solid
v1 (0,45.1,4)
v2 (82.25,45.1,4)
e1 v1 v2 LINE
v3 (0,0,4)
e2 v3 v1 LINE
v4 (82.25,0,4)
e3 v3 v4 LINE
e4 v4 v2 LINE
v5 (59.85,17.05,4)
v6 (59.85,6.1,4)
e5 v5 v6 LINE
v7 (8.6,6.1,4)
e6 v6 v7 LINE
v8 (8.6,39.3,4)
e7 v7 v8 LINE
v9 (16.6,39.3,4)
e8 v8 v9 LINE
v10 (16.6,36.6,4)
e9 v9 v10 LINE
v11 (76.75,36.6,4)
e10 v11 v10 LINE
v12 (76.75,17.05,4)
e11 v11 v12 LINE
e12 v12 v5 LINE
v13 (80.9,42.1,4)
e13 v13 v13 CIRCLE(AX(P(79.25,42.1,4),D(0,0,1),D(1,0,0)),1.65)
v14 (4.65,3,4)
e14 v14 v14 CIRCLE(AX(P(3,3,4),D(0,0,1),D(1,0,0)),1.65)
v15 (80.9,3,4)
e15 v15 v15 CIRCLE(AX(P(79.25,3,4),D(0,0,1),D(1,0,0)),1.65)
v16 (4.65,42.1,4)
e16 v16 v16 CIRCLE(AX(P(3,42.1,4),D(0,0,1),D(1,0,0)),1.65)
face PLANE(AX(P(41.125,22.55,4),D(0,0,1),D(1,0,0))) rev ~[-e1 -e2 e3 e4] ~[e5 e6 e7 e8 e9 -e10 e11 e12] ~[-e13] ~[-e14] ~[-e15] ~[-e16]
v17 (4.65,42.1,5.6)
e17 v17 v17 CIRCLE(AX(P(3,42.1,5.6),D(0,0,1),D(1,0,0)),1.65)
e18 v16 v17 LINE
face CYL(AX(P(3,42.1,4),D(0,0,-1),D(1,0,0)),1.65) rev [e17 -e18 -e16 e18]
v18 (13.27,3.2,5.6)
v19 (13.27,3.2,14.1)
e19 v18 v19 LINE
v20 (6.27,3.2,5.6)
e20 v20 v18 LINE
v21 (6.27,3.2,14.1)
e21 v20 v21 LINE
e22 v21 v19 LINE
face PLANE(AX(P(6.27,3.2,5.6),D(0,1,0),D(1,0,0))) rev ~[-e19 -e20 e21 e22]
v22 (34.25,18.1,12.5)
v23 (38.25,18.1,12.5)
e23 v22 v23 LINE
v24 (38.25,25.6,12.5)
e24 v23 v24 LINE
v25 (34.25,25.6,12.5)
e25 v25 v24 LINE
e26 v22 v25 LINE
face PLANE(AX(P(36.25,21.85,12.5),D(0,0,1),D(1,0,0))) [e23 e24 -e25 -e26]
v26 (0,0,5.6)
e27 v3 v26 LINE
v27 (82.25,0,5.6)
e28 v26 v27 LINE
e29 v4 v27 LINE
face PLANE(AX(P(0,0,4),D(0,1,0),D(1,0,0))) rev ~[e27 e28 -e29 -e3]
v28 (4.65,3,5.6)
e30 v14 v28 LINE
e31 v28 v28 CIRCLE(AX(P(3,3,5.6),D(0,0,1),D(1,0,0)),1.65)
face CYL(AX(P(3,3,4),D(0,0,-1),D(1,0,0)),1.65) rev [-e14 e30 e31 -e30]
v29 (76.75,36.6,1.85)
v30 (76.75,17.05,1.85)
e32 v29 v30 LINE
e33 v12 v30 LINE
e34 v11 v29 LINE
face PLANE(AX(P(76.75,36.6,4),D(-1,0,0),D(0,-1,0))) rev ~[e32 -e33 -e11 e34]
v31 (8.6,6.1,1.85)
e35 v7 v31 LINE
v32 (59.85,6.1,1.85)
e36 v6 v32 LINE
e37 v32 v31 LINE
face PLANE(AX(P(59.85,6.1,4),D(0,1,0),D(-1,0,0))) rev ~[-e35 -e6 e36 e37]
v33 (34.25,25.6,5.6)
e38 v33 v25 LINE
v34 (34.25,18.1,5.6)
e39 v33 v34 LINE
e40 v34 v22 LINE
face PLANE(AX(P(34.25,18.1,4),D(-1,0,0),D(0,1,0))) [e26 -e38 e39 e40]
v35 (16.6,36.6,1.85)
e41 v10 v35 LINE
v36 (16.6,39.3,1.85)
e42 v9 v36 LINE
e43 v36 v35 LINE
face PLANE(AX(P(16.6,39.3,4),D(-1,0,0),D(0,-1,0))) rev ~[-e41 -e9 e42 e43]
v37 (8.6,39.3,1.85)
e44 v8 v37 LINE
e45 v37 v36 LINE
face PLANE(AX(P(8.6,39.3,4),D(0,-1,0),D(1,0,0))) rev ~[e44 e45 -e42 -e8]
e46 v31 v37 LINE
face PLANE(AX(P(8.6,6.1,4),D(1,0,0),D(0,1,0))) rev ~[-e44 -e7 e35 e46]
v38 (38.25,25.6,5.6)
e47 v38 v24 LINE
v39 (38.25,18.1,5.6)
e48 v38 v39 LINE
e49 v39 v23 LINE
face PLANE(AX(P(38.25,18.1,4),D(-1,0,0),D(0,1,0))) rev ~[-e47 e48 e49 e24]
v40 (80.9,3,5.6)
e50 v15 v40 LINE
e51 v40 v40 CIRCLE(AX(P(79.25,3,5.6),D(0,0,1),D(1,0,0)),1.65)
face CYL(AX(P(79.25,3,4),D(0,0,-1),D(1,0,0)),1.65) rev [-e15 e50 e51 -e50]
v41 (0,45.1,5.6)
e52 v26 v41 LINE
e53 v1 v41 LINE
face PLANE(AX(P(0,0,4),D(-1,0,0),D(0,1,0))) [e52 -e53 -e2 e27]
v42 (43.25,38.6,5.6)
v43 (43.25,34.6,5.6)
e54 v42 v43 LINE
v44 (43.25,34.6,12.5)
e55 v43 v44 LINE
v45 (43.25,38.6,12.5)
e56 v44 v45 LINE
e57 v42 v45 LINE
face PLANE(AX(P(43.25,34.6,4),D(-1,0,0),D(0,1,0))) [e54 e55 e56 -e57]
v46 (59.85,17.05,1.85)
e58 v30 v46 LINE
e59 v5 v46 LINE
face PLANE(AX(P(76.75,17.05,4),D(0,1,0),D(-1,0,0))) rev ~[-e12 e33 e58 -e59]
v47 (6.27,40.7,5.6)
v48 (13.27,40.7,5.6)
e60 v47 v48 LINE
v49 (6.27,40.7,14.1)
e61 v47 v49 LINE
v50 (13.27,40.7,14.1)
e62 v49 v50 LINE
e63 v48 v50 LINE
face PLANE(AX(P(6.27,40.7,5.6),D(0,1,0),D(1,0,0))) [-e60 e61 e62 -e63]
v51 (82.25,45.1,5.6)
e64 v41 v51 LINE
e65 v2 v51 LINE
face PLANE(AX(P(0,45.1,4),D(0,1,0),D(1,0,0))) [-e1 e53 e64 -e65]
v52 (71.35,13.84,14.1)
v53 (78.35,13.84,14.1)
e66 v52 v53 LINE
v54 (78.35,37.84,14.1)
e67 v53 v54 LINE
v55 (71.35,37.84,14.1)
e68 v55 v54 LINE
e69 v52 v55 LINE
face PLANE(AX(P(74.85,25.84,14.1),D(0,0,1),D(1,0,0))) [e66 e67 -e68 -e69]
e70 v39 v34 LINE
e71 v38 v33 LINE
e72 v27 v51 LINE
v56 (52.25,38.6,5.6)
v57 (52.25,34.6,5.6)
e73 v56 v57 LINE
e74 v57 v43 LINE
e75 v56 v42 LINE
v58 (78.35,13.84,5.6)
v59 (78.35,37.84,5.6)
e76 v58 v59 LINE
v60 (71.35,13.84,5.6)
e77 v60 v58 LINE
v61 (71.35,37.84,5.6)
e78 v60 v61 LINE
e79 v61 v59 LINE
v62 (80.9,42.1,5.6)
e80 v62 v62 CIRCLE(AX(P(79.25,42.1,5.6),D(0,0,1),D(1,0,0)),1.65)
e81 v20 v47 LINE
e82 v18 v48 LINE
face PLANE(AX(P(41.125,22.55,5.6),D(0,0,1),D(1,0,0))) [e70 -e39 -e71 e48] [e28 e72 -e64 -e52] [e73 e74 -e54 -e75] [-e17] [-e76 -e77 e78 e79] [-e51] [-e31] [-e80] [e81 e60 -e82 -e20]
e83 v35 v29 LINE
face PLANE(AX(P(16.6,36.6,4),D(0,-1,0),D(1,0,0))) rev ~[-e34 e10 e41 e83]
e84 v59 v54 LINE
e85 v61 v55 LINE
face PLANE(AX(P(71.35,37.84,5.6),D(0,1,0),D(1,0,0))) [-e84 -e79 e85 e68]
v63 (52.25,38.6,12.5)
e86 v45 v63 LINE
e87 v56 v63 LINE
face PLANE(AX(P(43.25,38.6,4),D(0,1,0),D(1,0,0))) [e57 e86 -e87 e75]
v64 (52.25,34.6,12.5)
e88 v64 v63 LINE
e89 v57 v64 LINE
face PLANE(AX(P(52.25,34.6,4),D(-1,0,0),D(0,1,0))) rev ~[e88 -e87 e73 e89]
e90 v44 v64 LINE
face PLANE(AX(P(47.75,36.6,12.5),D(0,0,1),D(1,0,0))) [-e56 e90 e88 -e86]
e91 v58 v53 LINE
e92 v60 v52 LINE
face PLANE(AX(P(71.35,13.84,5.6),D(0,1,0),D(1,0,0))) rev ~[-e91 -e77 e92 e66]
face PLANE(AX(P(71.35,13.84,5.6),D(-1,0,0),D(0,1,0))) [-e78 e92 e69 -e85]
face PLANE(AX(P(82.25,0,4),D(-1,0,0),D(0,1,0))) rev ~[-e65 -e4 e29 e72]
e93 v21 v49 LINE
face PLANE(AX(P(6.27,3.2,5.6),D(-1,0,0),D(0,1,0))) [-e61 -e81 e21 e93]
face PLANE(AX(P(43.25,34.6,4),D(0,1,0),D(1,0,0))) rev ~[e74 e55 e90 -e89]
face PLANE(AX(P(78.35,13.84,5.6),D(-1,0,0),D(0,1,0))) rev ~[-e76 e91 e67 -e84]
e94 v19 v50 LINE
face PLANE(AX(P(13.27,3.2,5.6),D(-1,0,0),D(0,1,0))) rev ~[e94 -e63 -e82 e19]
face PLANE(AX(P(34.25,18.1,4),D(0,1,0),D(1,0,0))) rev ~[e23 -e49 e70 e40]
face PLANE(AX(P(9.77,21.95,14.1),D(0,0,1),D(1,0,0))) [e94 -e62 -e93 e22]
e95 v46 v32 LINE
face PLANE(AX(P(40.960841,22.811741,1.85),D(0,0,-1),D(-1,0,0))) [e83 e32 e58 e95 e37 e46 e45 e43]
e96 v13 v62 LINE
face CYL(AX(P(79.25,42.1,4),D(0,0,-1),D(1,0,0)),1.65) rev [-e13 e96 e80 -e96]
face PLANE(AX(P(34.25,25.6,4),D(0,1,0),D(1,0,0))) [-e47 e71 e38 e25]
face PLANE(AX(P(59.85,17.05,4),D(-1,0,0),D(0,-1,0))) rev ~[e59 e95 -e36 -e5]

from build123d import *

# Parameters (mm, degrees)
EXTRUDE002_DEPTH = 2.15
SKETCH002_W      = 82.25
SKETCH002_H      = 45.1
SKETCH002_R      = 1.65
EXTRUDE003_DEPTH = 1.6
SKETCH004_W      = 7
SKETCH004_H      = 24
EXTRUDE004_DEPTH = 8.5
SKETCH048_W      = 9
SKETCH048_H      = 4
SKETCH048_W_2    = 4
SKETCH048_H_2    = 7.5
EXTRUDE049_DEPTH = 8.5
SKETCH005_W      = 7
SKETCH005_H      = 37.5
EXTRUDE005_DEPTH = 8.5


with BuildPart() as extrude_contolleboard_bottom:
    # Sketch003 → Extrude002 (new body)
    with BuildSketch(Plane.XY):
        Polygon((76.75, 36.6), (76.75, 17.05), (59.85, 17.05), (59.85, 6.1), (8.6, 6.1), (8.6, 39.3), (16.6, 39.3), (16.6, 36.6), align=None)
    extrude(amount=-EXTRUDE002_DEPTH)


with BuildPart() as extrude_contolleboard_base:
    # Sketch002 → Extrude003 (new body)
    with BuildSketch(Plane.XY):
        with Locations((41.125, 22.55)):
            Rectangle(SKETCH002_W, SKETCH002_H)
        with Locations((3, 42.1)):
            Circle(SKETCH002_R, mode=Mode.SUBTRACT)
        with Locations((79.25, 42.1)):
            Circle(SKETCH002_R, mode=Mode.SUBTRACT)
        with Locations((3, 3)):
            Circle(SKETCH002_R, mode=Mode.SUBTRACT)
        with Locations((79.25, 3)):
            Circle(SKETCH002_R, mode=Mode.SUBTRACT)
    extrude(amount=EXTRUDE003_DEPTH)


with BuildPart() as extrude_contolleboard_parts_left:
    # Sketch004 → Extrude004 (new body)
    with BuildSketch(Plane.XY):
        with Locations((74.85, 25.84)):
            Rectangle(SKETCH004_W, SKETCH004_H)
    extrude(amount=EXTRUDE004_DEPTH)


with BuildPart() as extrude_contolleboard_parts_left_1:
    # Extrude004 placement: moved
    add(extrude_contolleboard_parts_left.part.moved(Location((0, 0, 1.6))))


with BuildPart() as extrude_contolleboard_headers:
    # Sketch048 → Extrude049 (new body)
    with BuildSketch(Plane.XY):
        with Locations((47.75, 36.6)):
            Rectangle(SKETCH048_W, SKETCH048_H)
        with Locations((36.25, 21.85)):
            Rectangle(SKETCH048_W_2, SKETCH048_H_2)
    extrude(amount=EXTRUDE049_DEPTH)


with BuildPart() as fusion_contolleboard:
    # Sketch005 → Extrude005 (new body)
    with BuildSketch(Plane.XY):
        with Locations((9.77, 21.95)):
            Rectangle(SKETCH005_W, SKETCH005_H)
    extrude(amount=EXTRUDE005_DEPTH)


with BuildPart() as fusion_contolleboard_1:
    # Extrude005 placement: moved
    add(fusion_contolleboard.part.moved(Location((0, 0, 1.6))))

    # Fusion001: union Extrude_ContolleBoard_bottom, Extrude_ContolleBoard_base, Extrude_ContolleBoard_parts_left, Extrude_ContolleBoard_headers
    add(extrude_contolleboard_bottom.part)
    add(extrude_contolleboard_base.part)
    add(extrude_contolleboard_parts_left_1.part)
    add(extrude_contolleboard_headers.part)


with BuildPart() as fusion_contolleboard_2:
    # Fusion001 placement: moved
    add(fusion_contolleboard_1.part.moved(Location((0, 0, 4))))


solid = fusion_contolleboard_2.part
